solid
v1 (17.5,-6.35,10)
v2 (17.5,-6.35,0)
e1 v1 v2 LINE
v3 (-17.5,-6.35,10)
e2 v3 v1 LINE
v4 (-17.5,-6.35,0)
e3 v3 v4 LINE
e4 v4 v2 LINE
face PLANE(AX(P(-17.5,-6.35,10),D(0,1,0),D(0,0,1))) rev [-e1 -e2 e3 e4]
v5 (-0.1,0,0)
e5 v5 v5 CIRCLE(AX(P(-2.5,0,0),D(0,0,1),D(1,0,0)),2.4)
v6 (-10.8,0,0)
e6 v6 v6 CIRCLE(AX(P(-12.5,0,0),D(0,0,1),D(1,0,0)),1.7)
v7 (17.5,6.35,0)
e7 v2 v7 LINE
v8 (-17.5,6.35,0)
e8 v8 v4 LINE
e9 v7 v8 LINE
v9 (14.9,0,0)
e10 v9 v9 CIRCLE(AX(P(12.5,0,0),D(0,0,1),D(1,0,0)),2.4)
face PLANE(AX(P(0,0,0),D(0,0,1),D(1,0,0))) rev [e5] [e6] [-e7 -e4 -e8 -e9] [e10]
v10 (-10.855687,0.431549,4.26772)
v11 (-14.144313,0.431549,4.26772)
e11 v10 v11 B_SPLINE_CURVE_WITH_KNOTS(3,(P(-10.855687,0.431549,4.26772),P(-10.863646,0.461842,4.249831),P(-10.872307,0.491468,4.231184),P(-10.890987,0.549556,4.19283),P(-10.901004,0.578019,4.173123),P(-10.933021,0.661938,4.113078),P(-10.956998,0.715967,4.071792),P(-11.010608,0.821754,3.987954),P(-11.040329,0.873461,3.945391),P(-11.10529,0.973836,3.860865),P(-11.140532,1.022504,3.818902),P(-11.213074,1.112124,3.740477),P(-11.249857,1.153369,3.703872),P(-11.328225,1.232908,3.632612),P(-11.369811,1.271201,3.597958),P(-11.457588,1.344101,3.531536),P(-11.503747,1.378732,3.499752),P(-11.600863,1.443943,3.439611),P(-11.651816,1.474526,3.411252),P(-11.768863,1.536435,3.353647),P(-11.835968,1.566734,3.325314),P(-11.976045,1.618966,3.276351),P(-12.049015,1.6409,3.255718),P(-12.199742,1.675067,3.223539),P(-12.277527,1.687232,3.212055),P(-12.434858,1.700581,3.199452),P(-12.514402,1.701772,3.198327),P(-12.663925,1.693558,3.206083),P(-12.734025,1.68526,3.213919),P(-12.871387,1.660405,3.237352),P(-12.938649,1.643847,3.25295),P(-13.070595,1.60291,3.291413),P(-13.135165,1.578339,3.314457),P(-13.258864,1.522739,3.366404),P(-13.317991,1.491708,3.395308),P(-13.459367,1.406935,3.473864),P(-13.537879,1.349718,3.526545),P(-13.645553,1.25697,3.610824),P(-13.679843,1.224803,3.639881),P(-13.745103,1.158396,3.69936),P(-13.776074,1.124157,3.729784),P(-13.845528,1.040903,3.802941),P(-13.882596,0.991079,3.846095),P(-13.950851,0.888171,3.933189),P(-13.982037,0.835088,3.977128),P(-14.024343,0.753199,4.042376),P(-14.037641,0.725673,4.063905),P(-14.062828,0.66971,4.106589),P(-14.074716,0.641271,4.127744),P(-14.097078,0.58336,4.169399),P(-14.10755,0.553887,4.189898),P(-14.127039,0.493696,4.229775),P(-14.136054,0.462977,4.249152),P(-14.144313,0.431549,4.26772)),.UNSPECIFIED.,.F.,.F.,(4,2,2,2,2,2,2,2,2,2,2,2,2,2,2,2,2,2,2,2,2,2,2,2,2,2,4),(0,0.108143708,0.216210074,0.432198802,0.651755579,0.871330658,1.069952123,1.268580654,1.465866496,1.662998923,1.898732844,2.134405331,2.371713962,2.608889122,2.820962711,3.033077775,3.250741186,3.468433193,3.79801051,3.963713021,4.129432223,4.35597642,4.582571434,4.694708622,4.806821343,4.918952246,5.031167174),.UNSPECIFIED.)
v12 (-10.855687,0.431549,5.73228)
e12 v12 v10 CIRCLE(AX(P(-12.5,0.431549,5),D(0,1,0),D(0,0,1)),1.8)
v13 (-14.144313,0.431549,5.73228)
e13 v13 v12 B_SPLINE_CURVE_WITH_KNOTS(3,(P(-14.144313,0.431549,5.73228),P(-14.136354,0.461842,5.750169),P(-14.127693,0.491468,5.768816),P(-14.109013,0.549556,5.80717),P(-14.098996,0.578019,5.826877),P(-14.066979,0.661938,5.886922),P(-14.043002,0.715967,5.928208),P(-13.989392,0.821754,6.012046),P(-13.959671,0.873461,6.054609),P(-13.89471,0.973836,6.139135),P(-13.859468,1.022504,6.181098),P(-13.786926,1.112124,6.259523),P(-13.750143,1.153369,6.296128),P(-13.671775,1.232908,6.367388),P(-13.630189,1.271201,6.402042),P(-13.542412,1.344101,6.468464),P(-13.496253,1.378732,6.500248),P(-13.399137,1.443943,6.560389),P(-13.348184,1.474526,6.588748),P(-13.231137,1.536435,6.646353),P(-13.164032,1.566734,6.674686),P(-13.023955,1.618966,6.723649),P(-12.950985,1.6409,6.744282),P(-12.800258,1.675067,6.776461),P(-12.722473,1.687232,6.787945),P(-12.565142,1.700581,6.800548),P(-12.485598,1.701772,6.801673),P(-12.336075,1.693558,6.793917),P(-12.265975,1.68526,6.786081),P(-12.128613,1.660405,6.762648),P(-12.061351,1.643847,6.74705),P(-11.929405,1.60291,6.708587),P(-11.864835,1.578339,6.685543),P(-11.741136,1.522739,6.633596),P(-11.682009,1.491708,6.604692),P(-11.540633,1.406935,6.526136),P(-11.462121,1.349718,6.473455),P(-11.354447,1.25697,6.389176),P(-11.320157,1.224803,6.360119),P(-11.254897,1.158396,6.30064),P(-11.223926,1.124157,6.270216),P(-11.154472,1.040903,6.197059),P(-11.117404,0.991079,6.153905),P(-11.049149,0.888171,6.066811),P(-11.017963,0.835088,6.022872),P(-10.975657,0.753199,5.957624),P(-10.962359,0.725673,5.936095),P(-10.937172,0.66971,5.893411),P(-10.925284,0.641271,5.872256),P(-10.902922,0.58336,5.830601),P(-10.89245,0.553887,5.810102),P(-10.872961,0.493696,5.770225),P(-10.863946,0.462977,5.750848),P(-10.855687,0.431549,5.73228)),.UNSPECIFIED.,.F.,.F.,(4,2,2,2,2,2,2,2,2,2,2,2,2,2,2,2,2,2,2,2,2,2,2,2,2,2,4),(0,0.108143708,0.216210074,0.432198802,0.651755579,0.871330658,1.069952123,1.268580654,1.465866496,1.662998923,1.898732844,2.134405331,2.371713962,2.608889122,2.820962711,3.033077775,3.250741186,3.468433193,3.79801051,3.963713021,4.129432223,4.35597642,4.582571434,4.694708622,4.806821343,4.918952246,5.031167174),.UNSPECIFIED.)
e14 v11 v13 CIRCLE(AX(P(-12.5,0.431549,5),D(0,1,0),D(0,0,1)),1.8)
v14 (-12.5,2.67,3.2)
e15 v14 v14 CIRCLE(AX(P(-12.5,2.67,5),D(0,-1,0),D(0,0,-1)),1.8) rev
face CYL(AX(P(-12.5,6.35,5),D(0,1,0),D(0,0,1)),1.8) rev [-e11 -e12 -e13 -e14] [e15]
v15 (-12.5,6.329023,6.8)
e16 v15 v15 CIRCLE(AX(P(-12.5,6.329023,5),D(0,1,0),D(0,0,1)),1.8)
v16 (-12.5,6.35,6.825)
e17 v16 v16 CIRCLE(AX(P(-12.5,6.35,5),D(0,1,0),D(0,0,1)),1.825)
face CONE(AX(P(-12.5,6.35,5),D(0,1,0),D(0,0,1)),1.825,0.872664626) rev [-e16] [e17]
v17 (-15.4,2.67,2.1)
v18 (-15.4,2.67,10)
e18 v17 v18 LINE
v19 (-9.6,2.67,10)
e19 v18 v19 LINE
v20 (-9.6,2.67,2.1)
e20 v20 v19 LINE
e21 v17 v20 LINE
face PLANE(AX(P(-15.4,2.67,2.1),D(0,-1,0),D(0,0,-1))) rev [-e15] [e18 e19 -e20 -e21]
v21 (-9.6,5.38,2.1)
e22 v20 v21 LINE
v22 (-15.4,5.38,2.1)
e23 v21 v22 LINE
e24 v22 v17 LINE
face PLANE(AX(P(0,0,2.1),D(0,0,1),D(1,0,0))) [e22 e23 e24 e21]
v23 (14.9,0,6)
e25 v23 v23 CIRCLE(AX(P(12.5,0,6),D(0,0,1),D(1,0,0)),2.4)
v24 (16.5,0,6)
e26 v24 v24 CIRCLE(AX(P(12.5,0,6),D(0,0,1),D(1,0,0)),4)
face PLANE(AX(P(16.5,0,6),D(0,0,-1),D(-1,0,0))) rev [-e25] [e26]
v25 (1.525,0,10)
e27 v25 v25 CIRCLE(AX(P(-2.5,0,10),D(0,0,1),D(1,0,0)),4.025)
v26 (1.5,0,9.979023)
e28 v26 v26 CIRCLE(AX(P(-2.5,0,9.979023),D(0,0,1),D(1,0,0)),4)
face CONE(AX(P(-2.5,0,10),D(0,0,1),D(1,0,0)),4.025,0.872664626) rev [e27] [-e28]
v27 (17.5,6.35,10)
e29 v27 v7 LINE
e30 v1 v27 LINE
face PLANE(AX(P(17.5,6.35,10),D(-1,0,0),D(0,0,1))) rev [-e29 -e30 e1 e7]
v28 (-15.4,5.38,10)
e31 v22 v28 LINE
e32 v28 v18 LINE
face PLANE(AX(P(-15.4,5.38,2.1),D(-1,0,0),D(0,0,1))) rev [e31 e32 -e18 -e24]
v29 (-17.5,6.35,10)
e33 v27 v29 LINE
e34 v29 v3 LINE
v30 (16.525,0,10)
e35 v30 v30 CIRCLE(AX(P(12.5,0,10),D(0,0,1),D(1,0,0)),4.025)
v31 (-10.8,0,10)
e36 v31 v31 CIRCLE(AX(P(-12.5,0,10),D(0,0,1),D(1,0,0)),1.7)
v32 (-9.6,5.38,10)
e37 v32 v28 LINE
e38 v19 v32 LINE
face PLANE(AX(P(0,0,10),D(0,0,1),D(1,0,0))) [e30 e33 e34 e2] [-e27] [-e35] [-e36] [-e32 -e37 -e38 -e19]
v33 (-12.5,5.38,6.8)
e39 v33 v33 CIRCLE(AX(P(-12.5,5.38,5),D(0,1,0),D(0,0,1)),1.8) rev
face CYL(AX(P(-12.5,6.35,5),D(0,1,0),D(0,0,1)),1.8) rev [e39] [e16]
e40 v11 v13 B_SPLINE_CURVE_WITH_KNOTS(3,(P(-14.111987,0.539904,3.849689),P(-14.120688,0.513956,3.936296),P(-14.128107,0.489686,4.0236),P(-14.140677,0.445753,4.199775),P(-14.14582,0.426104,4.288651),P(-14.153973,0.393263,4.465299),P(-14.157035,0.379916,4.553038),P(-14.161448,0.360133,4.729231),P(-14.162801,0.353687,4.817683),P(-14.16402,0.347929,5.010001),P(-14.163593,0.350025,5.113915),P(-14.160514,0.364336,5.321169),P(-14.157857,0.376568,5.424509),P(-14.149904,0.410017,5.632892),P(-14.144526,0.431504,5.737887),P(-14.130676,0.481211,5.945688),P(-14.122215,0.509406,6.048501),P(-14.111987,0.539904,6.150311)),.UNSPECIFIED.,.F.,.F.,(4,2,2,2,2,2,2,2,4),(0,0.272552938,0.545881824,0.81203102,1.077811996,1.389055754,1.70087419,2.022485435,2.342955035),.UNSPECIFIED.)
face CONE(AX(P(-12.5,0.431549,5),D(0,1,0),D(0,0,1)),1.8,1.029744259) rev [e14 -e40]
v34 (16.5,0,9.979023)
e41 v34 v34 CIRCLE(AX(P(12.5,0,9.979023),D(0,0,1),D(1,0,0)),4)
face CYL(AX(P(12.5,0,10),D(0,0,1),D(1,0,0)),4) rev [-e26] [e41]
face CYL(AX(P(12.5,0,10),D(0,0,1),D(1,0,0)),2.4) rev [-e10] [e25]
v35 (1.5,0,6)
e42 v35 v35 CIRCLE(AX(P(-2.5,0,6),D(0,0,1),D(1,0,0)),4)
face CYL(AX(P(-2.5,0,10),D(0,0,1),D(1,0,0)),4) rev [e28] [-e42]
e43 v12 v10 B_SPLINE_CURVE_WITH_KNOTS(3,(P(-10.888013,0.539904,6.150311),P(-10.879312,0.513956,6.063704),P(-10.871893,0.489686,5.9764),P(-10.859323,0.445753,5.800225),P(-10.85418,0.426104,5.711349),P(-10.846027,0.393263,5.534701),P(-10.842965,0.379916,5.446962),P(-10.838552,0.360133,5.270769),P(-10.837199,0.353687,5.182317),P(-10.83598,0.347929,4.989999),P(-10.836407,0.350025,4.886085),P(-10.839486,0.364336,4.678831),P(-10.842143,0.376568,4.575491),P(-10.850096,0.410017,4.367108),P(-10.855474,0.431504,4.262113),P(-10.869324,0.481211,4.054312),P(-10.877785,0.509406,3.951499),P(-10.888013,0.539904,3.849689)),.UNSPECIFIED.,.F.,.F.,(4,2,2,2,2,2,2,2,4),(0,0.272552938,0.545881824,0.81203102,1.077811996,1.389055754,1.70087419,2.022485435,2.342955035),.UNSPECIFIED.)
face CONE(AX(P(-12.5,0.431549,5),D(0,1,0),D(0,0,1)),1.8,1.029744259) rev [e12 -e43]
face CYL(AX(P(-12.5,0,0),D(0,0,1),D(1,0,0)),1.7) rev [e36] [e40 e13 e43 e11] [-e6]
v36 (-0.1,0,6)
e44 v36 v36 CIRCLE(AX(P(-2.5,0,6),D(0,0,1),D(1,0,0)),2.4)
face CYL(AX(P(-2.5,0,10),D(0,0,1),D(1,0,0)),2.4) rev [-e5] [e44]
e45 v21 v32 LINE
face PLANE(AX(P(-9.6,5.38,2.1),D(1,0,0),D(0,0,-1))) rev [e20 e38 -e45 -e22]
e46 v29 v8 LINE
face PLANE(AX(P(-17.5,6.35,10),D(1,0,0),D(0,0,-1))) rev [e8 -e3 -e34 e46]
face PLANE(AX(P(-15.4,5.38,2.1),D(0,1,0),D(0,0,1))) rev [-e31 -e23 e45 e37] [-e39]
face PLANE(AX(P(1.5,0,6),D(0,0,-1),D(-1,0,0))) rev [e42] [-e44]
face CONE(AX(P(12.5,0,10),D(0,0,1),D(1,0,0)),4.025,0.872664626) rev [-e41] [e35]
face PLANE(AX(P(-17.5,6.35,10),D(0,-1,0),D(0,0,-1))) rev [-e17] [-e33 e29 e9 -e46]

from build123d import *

# Parameters (mm, degrees)
SKETCH1_W                      = 35
SKETCH1_H                      = 12.7
BOSS_EXTRUDE1_DEPTH            = 10
CBORE_FOR_M4_SHCS1_AT_2_COUNT  = 2
CBORE_FOR_M4_SHCS1_AT_2_PITCH  = 15
SKETCH4_R                      = 1.7
CUT_EXTRUDE1_DEPTH             = 10
M3_CLEARANCE_HOLE1_D           = 3.6
M3_CLEARANCE_HOLE1_DEPTH       = 5.918450886
M3_CLEARANCE_HOLE1_CSINK_D     = 3.65
M3_CLEARANCE_HOLE1_CSINK_ANGLE = 100
M3_CLEARANCE_HOLE1_TIP         = 1.081549114
SKETCH7_W                      = 5.8
SKETCH7_H                      = 2.71
CUT_EXTRUDE2_DEPTH             = 7.9


with BuildPart() as part:
    # Sketch1 → Boss-Extrude1 (new body)
    with BuildSketch(Plane.XY):
        Rectangle(SKETCH1_W, SKETCH1_H)
    extrude(amount=BOSS_EXTRUDE1_DEPTH)

    # Sketch3 → CBORE for M4 SHCS1 (revolve, cut)
    with BuildSketch(Plane(origin=(12.5, 0, 10), x_dir=(0, -1, 0), z_dir=(1, 0, 0))):
        Polygon((0, 0), (0, 10), (2.4, 10), (2.4, 4), (4, 4), (4, 0.020977491), (4.025, 0), align=None)
    cbore_for_m4_shcs1 = revolve(axis=Axis((12.5, 0, 16.35), (0, 0, -1)), mode=Mode.SUBTRACT)

    # CBORE for M4 SHCS1 at 2: CBORE for M4 SHCS1 ×2
    with Locations(*[(-i * CBORE_FOR_M4_SHCS1_AT_2_PITCH, 0, 0) for i in range(1, CBORE_FOR_M4_SHCS1_AT_2_COUNT)]):
        add(cbore_for_m4_shcs1, mode=Mode.SUBTRACT)

    # Sketch4 → Cut-Extrude1 (cut)
    with BuildSketch(Plane.XY.offset(10)):
        with Locations((-12.5, 0)):
            Circle(SKETCH4_R)
    extrude(amount=-CUT_EXTRUDE1_DEPTH, mode=Mode.SUBTRACT)

    # M3 Clearance Hole1
    with Locations(Plane(origin=(0, 6.35, 0), x_dir=(1, 0, 0), z_dir=(0, 1, 0))):
        with Locations((-12.5, -5)):
            CounterSinkHole(M3_CLEARANCE_HOLE1_D / 2, M3_CLEARANCE_HOLE1_CSINK_D / 2, depth=M3_CLEARANCE_HOLE1_DEPTH, counter_sink_angle=M3_CLEARANCE_HOLE1_CSINK_ANGLE)
            with Locations((0, 0, -(M3_CLEARANCE_HOLE1_DEPTH + M3_CLEARANCE_HOLE1_TIP / 2))):  # 118° drill point
                Cone(0, M3_CLEARANCE_HOLE1_D / 2, M3_CLEARANCE_HOLE1_TIP, mode=Mode.SUBTRACT)

    # Sketch7 → Cut-Extrude2 (cut)
    with BuildSketch(Plane.XY.offset(10)):
        with Locations((-12.5, 4.025)):
            Rectangle(SKETCH7_W, SKETCH7_H)
    extrude(amount=-CUT_EXTRUDE2_DEPTH, mode=Mode.SUBTRACT)


solid = part.part
